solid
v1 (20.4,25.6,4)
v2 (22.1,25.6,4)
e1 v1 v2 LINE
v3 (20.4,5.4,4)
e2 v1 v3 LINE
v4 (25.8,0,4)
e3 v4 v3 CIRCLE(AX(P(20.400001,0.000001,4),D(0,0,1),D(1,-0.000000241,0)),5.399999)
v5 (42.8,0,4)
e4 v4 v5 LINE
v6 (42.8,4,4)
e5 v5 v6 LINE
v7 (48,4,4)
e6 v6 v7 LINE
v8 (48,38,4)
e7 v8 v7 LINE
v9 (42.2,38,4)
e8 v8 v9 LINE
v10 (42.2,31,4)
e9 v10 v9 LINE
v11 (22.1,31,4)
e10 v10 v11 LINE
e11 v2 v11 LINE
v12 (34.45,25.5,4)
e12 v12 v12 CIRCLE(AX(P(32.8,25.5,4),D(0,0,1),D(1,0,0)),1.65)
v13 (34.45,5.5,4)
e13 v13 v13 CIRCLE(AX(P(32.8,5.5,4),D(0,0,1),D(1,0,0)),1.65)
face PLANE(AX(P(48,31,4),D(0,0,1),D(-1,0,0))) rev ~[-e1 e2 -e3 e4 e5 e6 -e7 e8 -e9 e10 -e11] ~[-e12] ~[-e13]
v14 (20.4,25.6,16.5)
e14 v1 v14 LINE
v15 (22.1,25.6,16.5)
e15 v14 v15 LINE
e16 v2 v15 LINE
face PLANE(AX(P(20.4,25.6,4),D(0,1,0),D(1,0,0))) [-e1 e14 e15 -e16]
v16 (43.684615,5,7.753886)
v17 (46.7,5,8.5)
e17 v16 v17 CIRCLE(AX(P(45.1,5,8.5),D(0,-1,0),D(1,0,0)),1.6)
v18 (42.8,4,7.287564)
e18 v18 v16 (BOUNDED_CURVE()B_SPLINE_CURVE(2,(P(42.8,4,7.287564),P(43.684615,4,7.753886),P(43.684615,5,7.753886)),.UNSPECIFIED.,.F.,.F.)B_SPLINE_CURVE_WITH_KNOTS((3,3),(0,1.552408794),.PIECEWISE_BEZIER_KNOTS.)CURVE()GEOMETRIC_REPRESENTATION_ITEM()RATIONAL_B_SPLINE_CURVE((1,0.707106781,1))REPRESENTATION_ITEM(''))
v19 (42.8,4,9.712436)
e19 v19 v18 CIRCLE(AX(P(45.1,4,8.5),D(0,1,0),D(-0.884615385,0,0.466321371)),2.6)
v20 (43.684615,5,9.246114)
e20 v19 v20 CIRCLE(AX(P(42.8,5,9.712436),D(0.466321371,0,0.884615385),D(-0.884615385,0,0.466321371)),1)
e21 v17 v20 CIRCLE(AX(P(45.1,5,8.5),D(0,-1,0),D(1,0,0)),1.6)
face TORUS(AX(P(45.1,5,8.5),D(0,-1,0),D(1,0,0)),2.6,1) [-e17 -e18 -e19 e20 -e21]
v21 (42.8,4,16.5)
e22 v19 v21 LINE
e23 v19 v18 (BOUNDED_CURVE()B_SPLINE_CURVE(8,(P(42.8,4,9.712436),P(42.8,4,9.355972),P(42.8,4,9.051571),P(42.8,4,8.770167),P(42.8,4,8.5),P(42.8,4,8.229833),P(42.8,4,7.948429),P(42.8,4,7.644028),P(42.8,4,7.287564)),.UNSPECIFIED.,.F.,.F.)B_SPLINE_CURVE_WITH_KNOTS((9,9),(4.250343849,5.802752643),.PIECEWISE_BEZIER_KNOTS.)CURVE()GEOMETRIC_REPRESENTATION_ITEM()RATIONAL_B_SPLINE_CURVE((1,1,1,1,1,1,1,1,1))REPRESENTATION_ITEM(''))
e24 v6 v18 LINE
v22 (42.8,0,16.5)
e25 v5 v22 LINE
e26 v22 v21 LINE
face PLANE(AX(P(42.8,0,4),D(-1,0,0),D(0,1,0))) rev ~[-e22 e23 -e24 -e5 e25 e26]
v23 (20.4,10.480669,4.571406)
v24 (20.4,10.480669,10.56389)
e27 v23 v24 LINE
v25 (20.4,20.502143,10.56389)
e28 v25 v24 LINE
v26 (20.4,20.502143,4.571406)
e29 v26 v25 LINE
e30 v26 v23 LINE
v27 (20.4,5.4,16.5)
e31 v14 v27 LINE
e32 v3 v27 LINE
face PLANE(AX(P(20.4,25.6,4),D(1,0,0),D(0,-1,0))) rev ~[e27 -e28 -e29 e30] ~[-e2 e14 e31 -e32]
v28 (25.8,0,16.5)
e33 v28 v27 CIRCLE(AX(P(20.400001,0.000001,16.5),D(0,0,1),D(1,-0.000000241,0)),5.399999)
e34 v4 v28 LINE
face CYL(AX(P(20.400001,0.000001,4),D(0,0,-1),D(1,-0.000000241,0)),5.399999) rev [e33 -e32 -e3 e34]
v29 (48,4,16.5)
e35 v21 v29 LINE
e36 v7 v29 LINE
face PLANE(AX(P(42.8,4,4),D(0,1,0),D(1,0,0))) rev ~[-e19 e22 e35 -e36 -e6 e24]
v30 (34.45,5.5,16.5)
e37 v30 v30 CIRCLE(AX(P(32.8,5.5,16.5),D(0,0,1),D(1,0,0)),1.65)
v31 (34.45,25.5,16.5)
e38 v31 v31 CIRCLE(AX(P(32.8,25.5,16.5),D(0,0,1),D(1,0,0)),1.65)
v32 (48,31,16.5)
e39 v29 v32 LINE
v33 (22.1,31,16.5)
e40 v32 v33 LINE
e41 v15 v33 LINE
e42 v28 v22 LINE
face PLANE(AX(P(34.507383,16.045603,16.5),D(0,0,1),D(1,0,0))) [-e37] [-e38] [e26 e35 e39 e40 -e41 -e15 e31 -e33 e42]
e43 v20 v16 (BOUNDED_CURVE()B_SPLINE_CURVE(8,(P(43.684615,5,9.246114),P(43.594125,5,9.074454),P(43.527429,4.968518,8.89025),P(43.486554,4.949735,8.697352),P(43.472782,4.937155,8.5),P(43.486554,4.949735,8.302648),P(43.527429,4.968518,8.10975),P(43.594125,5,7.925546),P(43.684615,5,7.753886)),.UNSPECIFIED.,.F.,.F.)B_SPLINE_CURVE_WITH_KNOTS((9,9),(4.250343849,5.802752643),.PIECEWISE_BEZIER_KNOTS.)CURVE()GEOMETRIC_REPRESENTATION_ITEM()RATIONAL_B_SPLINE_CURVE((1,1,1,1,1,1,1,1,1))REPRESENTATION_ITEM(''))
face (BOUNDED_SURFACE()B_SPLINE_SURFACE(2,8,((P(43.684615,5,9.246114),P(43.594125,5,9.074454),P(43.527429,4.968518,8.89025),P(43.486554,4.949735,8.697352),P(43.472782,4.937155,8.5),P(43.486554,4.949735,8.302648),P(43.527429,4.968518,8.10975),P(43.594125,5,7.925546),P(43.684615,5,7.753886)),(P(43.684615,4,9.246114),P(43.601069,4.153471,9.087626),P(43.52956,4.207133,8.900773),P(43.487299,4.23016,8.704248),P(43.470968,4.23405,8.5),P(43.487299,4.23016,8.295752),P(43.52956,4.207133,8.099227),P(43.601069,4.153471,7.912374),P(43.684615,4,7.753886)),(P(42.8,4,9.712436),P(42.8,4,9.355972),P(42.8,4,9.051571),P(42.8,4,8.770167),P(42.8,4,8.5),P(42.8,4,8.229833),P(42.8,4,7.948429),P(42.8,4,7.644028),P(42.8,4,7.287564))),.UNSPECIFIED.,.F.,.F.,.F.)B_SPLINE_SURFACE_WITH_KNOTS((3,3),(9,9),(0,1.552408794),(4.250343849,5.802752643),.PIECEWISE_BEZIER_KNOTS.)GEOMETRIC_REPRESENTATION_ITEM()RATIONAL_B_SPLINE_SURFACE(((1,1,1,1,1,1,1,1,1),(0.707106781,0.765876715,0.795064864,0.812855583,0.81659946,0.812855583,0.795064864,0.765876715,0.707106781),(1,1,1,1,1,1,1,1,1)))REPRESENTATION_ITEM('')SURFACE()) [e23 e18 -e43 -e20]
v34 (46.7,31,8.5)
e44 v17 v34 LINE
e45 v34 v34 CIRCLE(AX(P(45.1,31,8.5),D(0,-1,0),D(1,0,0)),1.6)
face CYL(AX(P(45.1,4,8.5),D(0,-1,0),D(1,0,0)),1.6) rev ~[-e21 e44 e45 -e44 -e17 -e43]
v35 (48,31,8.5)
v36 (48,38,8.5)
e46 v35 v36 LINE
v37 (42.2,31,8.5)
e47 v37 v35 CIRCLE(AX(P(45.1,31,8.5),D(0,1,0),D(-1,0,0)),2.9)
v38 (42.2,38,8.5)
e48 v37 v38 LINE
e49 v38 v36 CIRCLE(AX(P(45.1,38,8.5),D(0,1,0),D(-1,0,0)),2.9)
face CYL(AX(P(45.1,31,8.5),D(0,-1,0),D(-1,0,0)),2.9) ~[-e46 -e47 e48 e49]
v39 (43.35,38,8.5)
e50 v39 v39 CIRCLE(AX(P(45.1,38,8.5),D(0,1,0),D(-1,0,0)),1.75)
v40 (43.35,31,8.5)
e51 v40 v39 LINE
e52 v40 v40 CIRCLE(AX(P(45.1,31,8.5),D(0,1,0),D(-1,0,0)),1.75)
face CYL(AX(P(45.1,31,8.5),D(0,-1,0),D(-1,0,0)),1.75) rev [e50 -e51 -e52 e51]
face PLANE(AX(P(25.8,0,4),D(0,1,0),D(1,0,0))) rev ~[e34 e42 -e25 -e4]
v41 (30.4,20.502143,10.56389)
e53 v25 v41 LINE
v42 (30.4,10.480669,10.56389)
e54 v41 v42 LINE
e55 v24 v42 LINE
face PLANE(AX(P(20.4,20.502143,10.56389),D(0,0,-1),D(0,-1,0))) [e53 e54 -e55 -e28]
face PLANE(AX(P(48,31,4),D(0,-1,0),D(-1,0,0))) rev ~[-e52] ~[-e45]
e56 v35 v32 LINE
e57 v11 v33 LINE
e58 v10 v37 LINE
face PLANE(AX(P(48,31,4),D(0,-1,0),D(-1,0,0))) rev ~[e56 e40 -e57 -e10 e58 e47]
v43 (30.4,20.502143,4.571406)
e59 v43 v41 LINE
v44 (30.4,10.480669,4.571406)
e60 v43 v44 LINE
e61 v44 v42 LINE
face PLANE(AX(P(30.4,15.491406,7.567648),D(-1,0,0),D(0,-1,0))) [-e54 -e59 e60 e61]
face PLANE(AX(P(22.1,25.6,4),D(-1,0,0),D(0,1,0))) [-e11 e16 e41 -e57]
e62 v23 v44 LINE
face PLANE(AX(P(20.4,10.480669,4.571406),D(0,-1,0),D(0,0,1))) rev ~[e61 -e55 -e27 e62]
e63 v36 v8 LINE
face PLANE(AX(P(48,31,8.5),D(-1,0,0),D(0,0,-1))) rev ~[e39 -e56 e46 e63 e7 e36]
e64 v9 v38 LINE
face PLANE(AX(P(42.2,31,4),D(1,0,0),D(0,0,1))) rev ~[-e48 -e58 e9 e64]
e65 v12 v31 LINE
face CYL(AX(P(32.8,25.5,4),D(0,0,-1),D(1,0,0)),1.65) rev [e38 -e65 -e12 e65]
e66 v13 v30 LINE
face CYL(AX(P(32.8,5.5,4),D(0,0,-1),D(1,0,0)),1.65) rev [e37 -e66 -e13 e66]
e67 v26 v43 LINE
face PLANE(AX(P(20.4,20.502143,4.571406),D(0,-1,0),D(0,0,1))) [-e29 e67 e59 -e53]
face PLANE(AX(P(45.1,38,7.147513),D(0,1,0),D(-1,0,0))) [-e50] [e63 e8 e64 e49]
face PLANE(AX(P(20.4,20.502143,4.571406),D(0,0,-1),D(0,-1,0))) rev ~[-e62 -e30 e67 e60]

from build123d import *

# Parameters (mm, degrees)
SKETCH002_R     = 1.65
PAD002_DEPTH    = 12.5
SKETCH003_R     = 1.75
PAD003_DEPTH    = 7
SKETCH004_W     = 10.021474
SKETCH004_H     = 5.992485
POCKET_DEPTH    = 10
SKETCH005_R     = 1.6
POCKET001_DEPTH = 30
FILLET001_R     = 1


with BuildPart() as part:
    # Sketch002 → Pad002 (new body)
    with BuildSketch(Plane.XY):
        with BuildLine():
            Line((5.4, 0), (22.4, 0))
            Line((22.4, 0), (22.4, 4))
            Line((22.4, 4), (27.6, 4))
            Line((27.6, 4), (27.6, 31))
            Line((27.6, 31), (1.7, 31))
            Line((1.7, 25.6), (1.7, 31))
            Line((0, 25.6), (1.7, 25.6))
            Line((0, 25.6), (0, 5.4))
            ThreePointArc((5.4, 0), (3.818377, 3.818377), (0, 5.4))
        make_face()
        with Locations((12.4, 25.5)):
            Circle(SKETCH002_R, mode=Mode.SUBTRACT)
        with Locations((12.4, 5.5)):
            Circle(SKETCH002_R, mode=Mode.SUBTRACT)
    extrude(amount=PAD002_DEPTH)

    # Sketch003 (on Face5 of Pad002) → Pad003 (join)
    with BuildSketch(Plane(origin=(0, 31, 0), x_dir=(-1, 0, 0), z_dir=(0, 1, 0))):
        with BuildLine():
            Line((-27.6, 0), (-21.8, 0))
            Line((-21.8, 0), (-21.8, 4.5))
            ThreePointArc((-21.8, 4.5), (-24.7, 7.4), (-27.6, 4.5))
            Line((-27.6, 4.5), (-27.6, 0))
        make_face()
        with Locations((-24.7, 4.5)):
            Circle(SKETCH003_R, mode=Mode.SUBTRACT)
    extrude(amount=PAD003_DEPTH)

    # Sketch004 (on Face6 of Pad003) → Pocket (cut)
    with BuildSketch(Plane(origin=(0, 0, 0), x_dir=(0, -1, 0), z_dir=(-1, 0, 0))):
        with Locations((-15.491406, 3.567648)):
            Rectangle(SKETCH004_W, SKETCH004_H)
    extrude(amount=-POCKET_DEPTH, mode=Mode.SUBTRACT)

    # Sketch005 (on Face7 of Pocket) → Pocket001 (cut)
    with BuildSketch(Plane.XZ.offset(-4)):
        with Locations((24.7, 4.5)):
            Circle(SKETCH005_R)
    extrude(amount=-POCKET001_DEPTH, mode=Mode.SUBTRACT)

    # Fillet001
    fillet001_edges = [part.edges().sort_by_distance(p)[0] for p in [
        (23.1, 4, 4.5),
    ]]
    fillet(fillet001_edges, radius=FILLET001_R)


with BuildPart() as part_1:
    # Body001 placement: moved
    add(part.part.moved(Location((20.4, 0, 4))))


solid = part_1.part
